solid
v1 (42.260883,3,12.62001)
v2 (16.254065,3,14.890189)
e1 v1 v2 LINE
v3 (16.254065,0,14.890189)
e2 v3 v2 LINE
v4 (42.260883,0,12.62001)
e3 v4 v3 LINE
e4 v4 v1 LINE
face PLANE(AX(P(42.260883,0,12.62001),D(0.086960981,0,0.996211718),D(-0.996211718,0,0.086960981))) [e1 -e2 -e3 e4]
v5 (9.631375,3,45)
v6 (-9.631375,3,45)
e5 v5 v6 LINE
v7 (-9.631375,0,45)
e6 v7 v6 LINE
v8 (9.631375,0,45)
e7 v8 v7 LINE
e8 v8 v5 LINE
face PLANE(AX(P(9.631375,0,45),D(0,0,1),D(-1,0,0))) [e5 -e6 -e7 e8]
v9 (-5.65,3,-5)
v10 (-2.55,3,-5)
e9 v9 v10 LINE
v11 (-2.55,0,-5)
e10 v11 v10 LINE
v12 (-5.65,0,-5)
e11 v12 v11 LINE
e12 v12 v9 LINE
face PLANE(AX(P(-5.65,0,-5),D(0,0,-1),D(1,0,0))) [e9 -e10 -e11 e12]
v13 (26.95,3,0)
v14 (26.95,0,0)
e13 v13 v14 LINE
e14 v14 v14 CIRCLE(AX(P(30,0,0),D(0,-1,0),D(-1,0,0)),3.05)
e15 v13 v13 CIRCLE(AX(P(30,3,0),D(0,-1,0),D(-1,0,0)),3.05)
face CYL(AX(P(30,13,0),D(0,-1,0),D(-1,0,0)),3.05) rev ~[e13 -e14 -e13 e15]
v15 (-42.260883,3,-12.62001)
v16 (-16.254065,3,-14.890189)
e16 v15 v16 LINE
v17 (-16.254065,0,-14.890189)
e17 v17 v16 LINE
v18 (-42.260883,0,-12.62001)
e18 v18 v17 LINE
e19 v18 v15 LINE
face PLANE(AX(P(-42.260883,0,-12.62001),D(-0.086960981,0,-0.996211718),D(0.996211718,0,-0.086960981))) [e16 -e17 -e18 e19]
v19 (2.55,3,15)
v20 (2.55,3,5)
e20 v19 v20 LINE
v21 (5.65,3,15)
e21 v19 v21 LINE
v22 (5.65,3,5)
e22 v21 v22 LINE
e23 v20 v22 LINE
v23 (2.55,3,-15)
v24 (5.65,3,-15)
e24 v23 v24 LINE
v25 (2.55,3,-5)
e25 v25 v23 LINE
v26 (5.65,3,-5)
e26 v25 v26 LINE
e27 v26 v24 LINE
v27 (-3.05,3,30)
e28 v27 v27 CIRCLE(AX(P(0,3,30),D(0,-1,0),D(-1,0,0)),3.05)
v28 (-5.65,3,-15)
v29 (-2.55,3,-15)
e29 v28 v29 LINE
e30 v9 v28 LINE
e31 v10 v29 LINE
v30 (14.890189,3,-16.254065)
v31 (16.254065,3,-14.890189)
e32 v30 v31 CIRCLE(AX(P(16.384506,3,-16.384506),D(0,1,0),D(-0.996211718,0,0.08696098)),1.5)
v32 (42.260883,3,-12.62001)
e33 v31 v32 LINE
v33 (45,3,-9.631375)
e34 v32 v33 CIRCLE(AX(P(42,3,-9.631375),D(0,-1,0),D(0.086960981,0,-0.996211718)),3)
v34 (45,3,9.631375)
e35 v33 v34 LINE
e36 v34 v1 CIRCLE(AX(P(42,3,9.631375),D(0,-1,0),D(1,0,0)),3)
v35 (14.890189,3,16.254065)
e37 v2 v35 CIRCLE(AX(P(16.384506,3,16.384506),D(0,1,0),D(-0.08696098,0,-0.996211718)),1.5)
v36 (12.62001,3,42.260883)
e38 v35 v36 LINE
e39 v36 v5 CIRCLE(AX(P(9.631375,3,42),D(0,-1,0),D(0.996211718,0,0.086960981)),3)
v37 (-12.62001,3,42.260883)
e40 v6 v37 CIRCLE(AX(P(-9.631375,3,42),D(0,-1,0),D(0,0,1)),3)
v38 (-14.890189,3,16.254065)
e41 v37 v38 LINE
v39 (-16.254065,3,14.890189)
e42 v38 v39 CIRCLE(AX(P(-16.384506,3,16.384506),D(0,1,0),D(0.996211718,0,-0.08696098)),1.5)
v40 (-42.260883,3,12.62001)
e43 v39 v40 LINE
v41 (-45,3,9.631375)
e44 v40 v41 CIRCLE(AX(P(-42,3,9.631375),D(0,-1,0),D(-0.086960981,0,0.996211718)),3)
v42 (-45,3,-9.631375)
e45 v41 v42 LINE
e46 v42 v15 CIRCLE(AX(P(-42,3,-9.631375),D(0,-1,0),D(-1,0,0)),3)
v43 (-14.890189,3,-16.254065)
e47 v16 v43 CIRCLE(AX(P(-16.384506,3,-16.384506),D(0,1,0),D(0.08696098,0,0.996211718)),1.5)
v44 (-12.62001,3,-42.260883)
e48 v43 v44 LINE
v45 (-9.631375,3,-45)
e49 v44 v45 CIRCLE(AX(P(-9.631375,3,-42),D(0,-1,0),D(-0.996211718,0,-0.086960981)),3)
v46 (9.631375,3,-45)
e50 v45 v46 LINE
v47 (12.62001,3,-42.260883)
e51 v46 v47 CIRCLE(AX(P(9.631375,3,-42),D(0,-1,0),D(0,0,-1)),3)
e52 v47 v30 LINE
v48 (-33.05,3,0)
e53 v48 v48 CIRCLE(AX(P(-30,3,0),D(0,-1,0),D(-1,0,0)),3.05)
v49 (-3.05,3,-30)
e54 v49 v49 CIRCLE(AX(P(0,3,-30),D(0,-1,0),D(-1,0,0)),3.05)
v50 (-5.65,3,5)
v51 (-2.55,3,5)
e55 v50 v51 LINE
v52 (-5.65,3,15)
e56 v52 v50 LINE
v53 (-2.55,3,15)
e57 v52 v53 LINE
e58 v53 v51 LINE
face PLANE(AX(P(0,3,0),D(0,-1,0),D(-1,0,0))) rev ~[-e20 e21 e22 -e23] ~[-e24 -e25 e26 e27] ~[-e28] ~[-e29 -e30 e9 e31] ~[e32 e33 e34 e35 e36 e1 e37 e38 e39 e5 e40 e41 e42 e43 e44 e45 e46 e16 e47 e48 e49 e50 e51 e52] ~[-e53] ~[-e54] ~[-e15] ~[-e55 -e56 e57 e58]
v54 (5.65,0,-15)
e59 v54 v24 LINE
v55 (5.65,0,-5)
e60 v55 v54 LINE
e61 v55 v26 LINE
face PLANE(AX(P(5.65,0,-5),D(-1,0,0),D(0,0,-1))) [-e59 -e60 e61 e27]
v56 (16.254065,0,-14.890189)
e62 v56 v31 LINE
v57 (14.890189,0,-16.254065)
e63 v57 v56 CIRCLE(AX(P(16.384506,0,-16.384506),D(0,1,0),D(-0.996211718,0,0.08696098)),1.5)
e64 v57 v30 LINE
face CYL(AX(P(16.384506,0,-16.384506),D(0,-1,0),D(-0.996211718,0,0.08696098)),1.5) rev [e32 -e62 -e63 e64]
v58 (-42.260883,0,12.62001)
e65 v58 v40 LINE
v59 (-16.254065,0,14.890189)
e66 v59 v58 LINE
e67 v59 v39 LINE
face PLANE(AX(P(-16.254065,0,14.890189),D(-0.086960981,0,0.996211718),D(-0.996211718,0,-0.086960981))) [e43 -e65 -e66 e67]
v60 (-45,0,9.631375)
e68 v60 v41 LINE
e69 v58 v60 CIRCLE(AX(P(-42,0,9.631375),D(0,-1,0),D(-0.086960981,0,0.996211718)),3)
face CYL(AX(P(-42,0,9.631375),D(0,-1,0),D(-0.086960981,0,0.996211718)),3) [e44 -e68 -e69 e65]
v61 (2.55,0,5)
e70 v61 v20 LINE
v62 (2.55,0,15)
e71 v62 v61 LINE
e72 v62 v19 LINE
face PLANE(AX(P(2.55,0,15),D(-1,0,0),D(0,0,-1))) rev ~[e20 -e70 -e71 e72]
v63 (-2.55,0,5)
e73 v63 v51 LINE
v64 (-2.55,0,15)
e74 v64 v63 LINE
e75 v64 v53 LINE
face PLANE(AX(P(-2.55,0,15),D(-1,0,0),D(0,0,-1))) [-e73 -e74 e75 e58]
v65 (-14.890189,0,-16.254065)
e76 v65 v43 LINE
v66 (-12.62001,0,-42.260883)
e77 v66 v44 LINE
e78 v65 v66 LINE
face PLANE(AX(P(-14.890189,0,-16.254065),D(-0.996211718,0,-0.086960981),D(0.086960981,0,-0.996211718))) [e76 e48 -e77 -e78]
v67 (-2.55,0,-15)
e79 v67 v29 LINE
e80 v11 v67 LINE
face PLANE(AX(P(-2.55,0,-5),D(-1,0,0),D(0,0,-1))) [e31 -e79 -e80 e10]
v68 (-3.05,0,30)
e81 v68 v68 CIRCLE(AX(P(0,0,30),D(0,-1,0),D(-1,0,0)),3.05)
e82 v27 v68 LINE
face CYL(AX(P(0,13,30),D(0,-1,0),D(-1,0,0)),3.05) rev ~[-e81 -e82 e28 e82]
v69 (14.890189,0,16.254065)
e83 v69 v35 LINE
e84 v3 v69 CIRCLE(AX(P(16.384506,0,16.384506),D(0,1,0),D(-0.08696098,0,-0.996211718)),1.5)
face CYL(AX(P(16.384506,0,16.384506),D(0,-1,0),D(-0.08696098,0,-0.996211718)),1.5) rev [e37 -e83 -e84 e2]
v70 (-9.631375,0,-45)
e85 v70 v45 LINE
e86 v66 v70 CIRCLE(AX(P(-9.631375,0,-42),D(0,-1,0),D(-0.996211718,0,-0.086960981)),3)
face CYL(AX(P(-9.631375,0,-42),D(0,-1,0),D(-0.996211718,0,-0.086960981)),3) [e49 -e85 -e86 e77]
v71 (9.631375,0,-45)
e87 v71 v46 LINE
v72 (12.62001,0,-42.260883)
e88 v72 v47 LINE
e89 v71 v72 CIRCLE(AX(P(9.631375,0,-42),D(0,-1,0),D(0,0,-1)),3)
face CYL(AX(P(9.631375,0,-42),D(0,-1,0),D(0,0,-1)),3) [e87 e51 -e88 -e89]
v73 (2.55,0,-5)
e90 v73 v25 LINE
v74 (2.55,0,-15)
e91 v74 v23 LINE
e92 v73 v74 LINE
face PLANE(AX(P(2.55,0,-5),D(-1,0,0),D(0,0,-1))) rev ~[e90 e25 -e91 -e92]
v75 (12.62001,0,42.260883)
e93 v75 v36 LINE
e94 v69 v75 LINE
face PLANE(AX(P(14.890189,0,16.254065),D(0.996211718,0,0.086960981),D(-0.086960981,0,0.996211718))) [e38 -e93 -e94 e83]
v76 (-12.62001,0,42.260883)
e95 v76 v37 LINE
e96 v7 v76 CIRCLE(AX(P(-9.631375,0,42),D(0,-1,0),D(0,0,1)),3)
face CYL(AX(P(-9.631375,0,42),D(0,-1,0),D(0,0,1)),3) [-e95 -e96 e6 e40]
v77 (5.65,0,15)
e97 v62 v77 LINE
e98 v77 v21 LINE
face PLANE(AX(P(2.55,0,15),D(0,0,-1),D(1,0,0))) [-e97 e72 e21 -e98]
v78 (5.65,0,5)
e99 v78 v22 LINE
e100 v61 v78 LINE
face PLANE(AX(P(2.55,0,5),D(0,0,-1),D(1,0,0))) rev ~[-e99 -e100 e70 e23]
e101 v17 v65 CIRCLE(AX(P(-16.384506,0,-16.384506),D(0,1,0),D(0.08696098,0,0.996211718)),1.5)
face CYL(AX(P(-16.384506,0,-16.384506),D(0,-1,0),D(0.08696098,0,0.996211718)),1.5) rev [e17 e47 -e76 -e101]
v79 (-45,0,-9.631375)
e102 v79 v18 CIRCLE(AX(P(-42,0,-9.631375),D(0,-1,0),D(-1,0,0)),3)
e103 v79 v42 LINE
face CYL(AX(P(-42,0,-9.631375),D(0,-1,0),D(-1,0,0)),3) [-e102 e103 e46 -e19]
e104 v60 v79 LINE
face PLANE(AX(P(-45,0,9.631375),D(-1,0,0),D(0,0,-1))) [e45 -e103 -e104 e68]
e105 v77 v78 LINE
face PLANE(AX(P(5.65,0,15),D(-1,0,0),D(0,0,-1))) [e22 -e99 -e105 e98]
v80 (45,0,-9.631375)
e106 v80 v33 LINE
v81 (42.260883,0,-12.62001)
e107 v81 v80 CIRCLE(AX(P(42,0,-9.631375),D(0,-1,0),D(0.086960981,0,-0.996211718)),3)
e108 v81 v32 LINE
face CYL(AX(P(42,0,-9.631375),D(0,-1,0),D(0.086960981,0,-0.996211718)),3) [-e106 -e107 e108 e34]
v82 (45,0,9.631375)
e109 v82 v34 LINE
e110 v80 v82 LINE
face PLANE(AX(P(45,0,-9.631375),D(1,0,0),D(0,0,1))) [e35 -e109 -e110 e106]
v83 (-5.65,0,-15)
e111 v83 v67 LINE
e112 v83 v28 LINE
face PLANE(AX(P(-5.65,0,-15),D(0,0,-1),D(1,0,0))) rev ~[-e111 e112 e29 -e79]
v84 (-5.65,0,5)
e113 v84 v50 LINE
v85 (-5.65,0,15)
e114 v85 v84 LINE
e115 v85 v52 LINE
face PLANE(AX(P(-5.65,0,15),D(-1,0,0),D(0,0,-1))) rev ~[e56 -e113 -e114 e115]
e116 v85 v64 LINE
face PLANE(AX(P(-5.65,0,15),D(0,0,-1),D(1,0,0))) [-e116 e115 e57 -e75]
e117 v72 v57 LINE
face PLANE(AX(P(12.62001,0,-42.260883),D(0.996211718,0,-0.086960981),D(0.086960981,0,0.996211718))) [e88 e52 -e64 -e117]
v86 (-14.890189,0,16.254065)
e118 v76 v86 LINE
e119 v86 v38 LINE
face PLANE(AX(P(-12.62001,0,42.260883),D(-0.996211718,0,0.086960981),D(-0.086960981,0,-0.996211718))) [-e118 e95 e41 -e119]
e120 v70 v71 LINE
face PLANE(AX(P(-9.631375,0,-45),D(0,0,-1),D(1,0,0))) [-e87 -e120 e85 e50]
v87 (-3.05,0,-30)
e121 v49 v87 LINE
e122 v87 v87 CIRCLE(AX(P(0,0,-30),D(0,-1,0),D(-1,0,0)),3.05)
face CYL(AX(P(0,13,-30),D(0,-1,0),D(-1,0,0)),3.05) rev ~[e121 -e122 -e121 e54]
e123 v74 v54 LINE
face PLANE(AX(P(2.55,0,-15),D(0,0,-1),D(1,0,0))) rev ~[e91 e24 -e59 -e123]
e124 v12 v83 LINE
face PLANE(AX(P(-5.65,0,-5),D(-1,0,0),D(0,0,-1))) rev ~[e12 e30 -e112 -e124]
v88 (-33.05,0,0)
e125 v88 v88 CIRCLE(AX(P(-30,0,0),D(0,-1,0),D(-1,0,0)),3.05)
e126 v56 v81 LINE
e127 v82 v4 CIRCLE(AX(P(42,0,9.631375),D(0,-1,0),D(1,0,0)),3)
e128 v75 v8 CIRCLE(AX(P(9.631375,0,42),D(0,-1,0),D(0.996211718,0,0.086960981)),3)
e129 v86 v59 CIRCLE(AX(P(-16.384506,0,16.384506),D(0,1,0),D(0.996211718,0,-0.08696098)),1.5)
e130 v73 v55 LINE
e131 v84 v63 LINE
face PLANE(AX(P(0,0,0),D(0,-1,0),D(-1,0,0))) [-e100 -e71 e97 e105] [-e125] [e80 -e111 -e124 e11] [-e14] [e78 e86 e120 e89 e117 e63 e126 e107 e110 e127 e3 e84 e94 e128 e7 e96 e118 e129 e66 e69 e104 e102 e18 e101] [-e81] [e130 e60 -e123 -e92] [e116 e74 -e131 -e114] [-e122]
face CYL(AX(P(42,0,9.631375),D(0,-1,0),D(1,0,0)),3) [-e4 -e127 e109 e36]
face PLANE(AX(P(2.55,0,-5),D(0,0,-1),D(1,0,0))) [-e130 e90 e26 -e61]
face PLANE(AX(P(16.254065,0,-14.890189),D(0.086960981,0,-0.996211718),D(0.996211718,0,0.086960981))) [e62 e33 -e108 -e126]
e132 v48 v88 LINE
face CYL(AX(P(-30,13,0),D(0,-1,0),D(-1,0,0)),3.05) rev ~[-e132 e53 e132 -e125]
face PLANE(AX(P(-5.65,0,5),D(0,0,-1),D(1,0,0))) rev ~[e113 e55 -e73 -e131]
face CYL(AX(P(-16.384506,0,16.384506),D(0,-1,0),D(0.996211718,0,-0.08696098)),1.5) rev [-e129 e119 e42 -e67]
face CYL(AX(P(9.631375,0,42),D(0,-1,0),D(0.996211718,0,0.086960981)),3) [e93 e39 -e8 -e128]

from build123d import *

# Parameters (mm, degrees)
SKETCH1_W                      = 3.1
SKETCH1_H                      = 10
BOSS_EXTRUDE1_DEPTH            = 3
F_6_1_6_1_DIAMETER_HOLE1_D     = 6.1
F_6_1_6_1_DIAMETER_HOLE1_DEPTH = 10
F_6_1_6_1_DIAMETER_HOLE1_TIP   = 1.832624888


with BuildPart() as part:
    # Sketch1 → Boss-Extrude1 (new body)
    with BuildSketch(Plane(origin=(0, 0, 0), x_dir=(1, 0, 0), z_dir=(0, 1, 0))):
        with BuildLine():
            Line((-14.890188717, 16.254064822), (-12.620010218, 42.260882944))
            ThreePointArc((-12.620010218, 42.260882944), (-11.658361887, 44.211633879), (-9.631375063, 45))
            Line((-9.631375063, 45), (9.631375063, 45))
            ThreePointArc((9.631375063, 45), (11.658361887, 44.211633879), (12.620010218, 42.260882944))
            Line((12.620010218, 42.260882944), (14.890188717, 16.254064822))
            ThreePointArc((14.890188717, 16.254064822), (15.323846122, 15.323846122), (16.254064822, 14.890188717))
            Line((16.254064822, 14.890188717), (42.260882944, 12.620010218))
            ThreePointArc((42.260882944, 12.620010218), (44.211633879, 11.658361887), (45, 9.631375063))
            Line((45, 9.631375063), (45, -9.631375063))
            ThreePointArc((45, -9.631375063), (44.211633879, -11.658361887), (42.260882944, -12.620010218))
            Line((42.260882944, -12.620010218), (16.254064822, -14.890188717))
            ThreePointArc((16.254064822, -14.890188717), (15.323846122, -15.323846122), (14.890188717, -16.254064822))
            Line((14.890188717, -16.254064822), (12.620010218, -42.260882944))
            ThreePointArc((12.620010218, -42.260882944), (11.658361887, -44.211633879), (9.631375063, -45))
            Line((9.631375063, -45), (-9.631375063, -45))
            ThreePointArc((-9.631375063, -45), (-11.658361887, -44.211633879), (-12.620010218, -42.260882944))
            Line((-12.620010218, -42.260882944), (-14.890188717, -16.254064822))
            ThreePointArc((-14.890188717, -16.254064822), (-15.323846122, -15.323846122), (-16.254064822, -14.890188717))
            Line((-16.254064822, -14.890188717), (-42.260882944, -12.620010218))
            ThreePointArc((-42.260882944, -12.620010218), (-44.211633879, -11.658361887), (-45, -9.631375063))
            Line((-45, -9.631375063), (-45, 9.631375063))
            ThreePointArc((-45, 9.631375063), (-44.211633879, 11.658361887), (-42.260882944, 12.620010218))
            Line((-42.260882944, 12.620010218), (-16.254064822, 14.890188717))
            ThreePointArc((-16.254064822, 14.890188717), (-15.323846122, 15.323846122), (-14.890188717, 16.254064822))
        make_face()
        with Locations((-4.1, 10)):
            Rectangle(SKETCH1_W, SKETCH1_H, mode=Mode.SUBTRACT)
        with Locations((4.1, 10)):
            Rectangle(SKETCH1_W, SKETCH1_H, mode=Mode.SUBTRACT)
        with Locations((4.1, -10)):
            Rectangle(SKETCH1_W, SKETCH1_H, mode=Mode.SUBTRACT)
        with Locations((-4.1, -10)):
            Rectangle(SKETCH1_W, SKETCH1_H, mode=Mode.SUBTRACT)
    extrude(amount=BOSS_EXTRUDE1_DEPTH)

    # Ø6.1 (6.1) Diameter Hole1
    with Locations(Plane(origin=(0, 3, 0), x_dir=(1, 0, 0), z_dir=(0, 1, 0))):
        with Locations((0, -30), (30, 0), (0, 30), (-30, 0)):
            Hole(F_6_1_6_1_DIAMETER_HOLE1_D / 2, depth=F_6_1_6_1_DIAMETER_HOLE1_DEPTH)
            with Locations((0, 0, -(F_6_1_6_1_DIAMETER_HOLE1_DEPTH + F_6_1_6_1_DIAMETER_HOLE1_TIP / 2))):  # 118° drill point
                Cone(0, F_6_1_6_1_DIAMETER_HOLE1_D / 2, F_6_1_6_1_DIAMETER_HOLE1_TIP, mode=Mode.SUBTRACT)


solid = part.part
